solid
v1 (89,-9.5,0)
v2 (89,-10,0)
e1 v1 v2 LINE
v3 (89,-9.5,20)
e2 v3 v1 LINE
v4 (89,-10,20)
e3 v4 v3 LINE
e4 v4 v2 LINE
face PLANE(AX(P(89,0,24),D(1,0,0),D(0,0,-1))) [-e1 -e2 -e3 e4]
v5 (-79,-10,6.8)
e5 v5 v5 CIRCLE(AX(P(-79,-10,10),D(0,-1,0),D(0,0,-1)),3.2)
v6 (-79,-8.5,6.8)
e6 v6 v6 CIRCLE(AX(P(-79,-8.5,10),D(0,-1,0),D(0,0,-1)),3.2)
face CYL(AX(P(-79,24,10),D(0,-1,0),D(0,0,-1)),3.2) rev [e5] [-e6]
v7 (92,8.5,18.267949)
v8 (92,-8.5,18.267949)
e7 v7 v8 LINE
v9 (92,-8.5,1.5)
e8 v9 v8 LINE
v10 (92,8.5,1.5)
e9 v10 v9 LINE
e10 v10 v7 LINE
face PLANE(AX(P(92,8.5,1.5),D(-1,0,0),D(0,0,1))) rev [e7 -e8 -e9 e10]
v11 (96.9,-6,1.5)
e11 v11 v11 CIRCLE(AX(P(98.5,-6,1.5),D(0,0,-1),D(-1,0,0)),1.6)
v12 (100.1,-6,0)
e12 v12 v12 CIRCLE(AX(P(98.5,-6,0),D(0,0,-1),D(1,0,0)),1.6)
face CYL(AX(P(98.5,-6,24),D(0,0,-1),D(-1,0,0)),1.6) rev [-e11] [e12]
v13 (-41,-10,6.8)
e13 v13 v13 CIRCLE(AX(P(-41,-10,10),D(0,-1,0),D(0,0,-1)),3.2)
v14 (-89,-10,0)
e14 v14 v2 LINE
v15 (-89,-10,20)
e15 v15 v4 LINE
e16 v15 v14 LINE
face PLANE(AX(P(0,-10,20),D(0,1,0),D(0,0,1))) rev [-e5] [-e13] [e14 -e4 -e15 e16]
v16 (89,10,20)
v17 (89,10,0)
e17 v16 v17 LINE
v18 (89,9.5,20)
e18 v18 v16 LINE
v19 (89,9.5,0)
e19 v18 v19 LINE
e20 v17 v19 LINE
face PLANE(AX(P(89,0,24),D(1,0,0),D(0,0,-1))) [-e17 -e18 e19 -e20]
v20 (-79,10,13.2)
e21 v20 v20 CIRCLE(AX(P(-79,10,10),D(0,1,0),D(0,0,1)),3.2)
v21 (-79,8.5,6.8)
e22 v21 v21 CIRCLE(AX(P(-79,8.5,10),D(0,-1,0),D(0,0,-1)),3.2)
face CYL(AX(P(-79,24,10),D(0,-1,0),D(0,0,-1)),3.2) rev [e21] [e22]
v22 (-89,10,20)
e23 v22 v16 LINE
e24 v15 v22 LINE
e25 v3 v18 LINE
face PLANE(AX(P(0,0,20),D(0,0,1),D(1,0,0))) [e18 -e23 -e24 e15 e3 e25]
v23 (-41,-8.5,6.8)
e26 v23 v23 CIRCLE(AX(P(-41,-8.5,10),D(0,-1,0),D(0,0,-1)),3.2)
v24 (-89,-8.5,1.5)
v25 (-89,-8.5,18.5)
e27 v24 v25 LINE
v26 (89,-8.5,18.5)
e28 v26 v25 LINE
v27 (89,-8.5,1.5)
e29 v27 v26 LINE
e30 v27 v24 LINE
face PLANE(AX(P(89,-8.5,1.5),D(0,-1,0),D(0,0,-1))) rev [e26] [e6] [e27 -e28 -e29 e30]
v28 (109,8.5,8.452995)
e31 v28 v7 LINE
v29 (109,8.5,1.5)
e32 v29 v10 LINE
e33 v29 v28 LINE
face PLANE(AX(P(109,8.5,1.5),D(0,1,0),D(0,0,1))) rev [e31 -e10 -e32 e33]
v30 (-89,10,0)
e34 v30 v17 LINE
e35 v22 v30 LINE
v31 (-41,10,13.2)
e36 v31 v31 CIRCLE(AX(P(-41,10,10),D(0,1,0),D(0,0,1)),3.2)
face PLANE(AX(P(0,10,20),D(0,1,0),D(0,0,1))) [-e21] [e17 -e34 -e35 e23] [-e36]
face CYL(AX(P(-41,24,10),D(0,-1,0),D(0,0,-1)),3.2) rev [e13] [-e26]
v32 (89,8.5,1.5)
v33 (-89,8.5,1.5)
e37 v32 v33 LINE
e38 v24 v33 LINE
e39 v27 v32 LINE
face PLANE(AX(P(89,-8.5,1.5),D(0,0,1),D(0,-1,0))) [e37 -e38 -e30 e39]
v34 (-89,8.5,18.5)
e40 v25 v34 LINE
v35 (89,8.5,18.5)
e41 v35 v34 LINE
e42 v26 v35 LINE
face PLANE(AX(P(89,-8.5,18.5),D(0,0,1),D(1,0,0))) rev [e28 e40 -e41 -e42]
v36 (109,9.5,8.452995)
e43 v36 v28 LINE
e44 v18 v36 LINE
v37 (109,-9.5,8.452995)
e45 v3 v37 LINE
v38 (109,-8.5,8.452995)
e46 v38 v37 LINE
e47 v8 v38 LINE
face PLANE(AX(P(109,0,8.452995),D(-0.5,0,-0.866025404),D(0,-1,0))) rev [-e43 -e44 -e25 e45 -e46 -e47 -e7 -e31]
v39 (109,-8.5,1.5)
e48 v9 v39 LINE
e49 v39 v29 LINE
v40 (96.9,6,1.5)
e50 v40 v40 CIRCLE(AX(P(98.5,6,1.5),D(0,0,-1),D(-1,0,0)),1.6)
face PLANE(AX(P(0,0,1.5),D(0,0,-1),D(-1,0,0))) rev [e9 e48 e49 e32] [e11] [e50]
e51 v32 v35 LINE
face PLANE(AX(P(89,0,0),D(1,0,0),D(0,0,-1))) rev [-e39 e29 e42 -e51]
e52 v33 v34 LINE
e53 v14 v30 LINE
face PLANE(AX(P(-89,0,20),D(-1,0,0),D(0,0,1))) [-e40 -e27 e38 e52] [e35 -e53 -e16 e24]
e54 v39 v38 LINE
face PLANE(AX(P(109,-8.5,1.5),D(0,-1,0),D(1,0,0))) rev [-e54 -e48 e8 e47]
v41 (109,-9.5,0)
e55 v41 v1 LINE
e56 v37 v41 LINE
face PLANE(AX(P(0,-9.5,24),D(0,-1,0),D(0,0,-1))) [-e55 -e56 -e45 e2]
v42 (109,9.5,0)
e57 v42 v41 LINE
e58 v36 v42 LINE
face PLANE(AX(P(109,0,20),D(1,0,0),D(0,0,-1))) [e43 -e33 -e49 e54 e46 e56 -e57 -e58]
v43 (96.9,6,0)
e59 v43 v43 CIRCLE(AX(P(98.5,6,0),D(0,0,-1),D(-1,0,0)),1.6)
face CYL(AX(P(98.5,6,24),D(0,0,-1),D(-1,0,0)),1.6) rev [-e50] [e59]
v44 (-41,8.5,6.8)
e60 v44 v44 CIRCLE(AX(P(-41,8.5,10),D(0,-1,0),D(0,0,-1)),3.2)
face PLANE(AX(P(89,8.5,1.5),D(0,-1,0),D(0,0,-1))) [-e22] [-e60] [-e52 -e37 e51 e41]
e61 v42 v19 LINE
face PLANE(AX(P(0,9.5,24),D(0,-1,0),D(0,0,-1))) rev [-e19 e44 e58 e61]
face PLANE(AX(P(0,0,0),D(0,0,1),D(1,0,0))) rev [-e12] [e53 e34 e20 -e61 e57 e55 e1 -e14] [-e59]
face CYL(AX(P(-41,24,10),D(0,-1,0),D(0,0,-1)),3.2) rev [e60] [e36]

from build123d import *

# Parameters (mm, degrees)
ESQUISSE1_W             = 178
ESQUISSE1_H             = 20
ESQUISSE1_W_2           = 20
BOSS_EXTRU_1_DEPTH      = 20
ESQUISSE3_W             = 17
ESQUISSE3_H             = 17
ENL_V_MAT_EXTRU_1_DEPTH = 178
ESQUISSE4_W             = 17
ESQUISSE4_H             = 17
ENL_V_MAT_EXTRU_2_DEPTH = 18.5
CHANFREIN1_SIZE         = 20
CHANFREIN1_SIZE2        = 11.547005384
ESQUISSE5_W             = 20
ESQUISSE5_H             = 0.5
ENL_V_MAT_EXTRU_3_DEPTH = 24
ESQUISSE6_R             = 1.6
ENL_V_MAT_EXTRU_4_DEPTH = 24
ESQUISSE7_R             = 3.2
ENL_V_MAT_EXTRU_5_DEPTH = 34


with BuildPart() as part:
    # Esquisse1 → Boss.-Extru.1 (new body)
    with BuildSketch(Plane.XY):
        Rectangle(ESQUISSE1_W, ESQUISSE1_H)
        with Locations((99, 0)):
            Rectangle(ESQUISSE1_W_2, ESQUISSE1_H)
    extrude(amount=BOSS_EXTRU_1_DEPTH)

    # Esquisse3 → Enlèv. mat.-Extru.1 (cut)
    with BuildSketch(Plane.ZY.offset(89)):
        with Locations((10, 0)):
            Rectangle(ESQUISSE3_W, ESQUISSE3_H)
    extrude(amount=-ENL_V_MAT_EXTRU_1_DEPTH, mode=Mode.SUBTRACT)

    # Esquisse4 → Enlèv. mat.-Extru.2 (cut)
    with BuildSketch(Plane.XY.offset(20)):
        with Locations((100.5, 0)):
            Rectangle(ESQUISSE4_W, ESQUISSE4_H)
    extrude(amount=-ENL_V_MAT_EXTRU_2_DEPTH, mode=Mode.SUBTRACT)

    # Chanfrein1
    chanfrein1_edges = [part.edges().sort_by_distance(p)[0] for p in [
        (109, 9.25, 20),
    ]]
    chanfrein1_side = [part.faces().sort_by_distance(p)[0] for p in [
        (2.875374557, 0, 20),
    ]]
    chamfer(chanfrein1_edges, length=CHANFREIN1_SIZE, length2=CHANFREIN1_SIZE2, reference=chanfrein1_side[0])

    # Esquisse5 → Enlèv. mat.-Extru.3 (cut)
    with BuildSketch(Plane(origin=(0, 0, 0), x_dir=(-1, 0, 0), z_dir=(0, 0, -1))):
        with Locations((-99, 9.75)):
            Rectangle(ESQUISSE5_W, ESQUISSE5_H)
        with Locations((-99, -9.75)):
            Rectangle(ESQUISSE5_W, ESQUISSE5_H)
    extrude(amount=-ENL_V_MAT_EXTRU_3_DEPTH, mode=Mode.SUBTRACT)

    # Esquisse6 → Enlèv. mat.-Extru.4 (cut)
    with BuildSketch(Plane(origin=(0, 0, 0), x_dir=(-1, 0, 0), z_dir=(0, 0, -1))):
        with Locations((-98.5, 6)):
            Circle(ESQUISSE6_R)
        with Locations((-98.5, -6)):
            Circle(ESQUISSE6_R)
    extrude(amount=-ENL_V_MAT_EXTRU_4_DEPTH, mode=Mode.SUBTRACT)

    # Esquisse7 → Enlèv. mat.-Extru.5 (cut)
    with BuildSketch(Plane.XZ.offset(10)):
        with Locations((-79, 10)):
            Circle(ESQUISSE7_R)
        with Locations((-41, 10)):
            Circle(ESQUISSE7_R)
    extrude(amount=-ENL_V_MAT_EXTRU_5_DEPTH, mode=Mode.SUBTRACT)


solid = part.part
